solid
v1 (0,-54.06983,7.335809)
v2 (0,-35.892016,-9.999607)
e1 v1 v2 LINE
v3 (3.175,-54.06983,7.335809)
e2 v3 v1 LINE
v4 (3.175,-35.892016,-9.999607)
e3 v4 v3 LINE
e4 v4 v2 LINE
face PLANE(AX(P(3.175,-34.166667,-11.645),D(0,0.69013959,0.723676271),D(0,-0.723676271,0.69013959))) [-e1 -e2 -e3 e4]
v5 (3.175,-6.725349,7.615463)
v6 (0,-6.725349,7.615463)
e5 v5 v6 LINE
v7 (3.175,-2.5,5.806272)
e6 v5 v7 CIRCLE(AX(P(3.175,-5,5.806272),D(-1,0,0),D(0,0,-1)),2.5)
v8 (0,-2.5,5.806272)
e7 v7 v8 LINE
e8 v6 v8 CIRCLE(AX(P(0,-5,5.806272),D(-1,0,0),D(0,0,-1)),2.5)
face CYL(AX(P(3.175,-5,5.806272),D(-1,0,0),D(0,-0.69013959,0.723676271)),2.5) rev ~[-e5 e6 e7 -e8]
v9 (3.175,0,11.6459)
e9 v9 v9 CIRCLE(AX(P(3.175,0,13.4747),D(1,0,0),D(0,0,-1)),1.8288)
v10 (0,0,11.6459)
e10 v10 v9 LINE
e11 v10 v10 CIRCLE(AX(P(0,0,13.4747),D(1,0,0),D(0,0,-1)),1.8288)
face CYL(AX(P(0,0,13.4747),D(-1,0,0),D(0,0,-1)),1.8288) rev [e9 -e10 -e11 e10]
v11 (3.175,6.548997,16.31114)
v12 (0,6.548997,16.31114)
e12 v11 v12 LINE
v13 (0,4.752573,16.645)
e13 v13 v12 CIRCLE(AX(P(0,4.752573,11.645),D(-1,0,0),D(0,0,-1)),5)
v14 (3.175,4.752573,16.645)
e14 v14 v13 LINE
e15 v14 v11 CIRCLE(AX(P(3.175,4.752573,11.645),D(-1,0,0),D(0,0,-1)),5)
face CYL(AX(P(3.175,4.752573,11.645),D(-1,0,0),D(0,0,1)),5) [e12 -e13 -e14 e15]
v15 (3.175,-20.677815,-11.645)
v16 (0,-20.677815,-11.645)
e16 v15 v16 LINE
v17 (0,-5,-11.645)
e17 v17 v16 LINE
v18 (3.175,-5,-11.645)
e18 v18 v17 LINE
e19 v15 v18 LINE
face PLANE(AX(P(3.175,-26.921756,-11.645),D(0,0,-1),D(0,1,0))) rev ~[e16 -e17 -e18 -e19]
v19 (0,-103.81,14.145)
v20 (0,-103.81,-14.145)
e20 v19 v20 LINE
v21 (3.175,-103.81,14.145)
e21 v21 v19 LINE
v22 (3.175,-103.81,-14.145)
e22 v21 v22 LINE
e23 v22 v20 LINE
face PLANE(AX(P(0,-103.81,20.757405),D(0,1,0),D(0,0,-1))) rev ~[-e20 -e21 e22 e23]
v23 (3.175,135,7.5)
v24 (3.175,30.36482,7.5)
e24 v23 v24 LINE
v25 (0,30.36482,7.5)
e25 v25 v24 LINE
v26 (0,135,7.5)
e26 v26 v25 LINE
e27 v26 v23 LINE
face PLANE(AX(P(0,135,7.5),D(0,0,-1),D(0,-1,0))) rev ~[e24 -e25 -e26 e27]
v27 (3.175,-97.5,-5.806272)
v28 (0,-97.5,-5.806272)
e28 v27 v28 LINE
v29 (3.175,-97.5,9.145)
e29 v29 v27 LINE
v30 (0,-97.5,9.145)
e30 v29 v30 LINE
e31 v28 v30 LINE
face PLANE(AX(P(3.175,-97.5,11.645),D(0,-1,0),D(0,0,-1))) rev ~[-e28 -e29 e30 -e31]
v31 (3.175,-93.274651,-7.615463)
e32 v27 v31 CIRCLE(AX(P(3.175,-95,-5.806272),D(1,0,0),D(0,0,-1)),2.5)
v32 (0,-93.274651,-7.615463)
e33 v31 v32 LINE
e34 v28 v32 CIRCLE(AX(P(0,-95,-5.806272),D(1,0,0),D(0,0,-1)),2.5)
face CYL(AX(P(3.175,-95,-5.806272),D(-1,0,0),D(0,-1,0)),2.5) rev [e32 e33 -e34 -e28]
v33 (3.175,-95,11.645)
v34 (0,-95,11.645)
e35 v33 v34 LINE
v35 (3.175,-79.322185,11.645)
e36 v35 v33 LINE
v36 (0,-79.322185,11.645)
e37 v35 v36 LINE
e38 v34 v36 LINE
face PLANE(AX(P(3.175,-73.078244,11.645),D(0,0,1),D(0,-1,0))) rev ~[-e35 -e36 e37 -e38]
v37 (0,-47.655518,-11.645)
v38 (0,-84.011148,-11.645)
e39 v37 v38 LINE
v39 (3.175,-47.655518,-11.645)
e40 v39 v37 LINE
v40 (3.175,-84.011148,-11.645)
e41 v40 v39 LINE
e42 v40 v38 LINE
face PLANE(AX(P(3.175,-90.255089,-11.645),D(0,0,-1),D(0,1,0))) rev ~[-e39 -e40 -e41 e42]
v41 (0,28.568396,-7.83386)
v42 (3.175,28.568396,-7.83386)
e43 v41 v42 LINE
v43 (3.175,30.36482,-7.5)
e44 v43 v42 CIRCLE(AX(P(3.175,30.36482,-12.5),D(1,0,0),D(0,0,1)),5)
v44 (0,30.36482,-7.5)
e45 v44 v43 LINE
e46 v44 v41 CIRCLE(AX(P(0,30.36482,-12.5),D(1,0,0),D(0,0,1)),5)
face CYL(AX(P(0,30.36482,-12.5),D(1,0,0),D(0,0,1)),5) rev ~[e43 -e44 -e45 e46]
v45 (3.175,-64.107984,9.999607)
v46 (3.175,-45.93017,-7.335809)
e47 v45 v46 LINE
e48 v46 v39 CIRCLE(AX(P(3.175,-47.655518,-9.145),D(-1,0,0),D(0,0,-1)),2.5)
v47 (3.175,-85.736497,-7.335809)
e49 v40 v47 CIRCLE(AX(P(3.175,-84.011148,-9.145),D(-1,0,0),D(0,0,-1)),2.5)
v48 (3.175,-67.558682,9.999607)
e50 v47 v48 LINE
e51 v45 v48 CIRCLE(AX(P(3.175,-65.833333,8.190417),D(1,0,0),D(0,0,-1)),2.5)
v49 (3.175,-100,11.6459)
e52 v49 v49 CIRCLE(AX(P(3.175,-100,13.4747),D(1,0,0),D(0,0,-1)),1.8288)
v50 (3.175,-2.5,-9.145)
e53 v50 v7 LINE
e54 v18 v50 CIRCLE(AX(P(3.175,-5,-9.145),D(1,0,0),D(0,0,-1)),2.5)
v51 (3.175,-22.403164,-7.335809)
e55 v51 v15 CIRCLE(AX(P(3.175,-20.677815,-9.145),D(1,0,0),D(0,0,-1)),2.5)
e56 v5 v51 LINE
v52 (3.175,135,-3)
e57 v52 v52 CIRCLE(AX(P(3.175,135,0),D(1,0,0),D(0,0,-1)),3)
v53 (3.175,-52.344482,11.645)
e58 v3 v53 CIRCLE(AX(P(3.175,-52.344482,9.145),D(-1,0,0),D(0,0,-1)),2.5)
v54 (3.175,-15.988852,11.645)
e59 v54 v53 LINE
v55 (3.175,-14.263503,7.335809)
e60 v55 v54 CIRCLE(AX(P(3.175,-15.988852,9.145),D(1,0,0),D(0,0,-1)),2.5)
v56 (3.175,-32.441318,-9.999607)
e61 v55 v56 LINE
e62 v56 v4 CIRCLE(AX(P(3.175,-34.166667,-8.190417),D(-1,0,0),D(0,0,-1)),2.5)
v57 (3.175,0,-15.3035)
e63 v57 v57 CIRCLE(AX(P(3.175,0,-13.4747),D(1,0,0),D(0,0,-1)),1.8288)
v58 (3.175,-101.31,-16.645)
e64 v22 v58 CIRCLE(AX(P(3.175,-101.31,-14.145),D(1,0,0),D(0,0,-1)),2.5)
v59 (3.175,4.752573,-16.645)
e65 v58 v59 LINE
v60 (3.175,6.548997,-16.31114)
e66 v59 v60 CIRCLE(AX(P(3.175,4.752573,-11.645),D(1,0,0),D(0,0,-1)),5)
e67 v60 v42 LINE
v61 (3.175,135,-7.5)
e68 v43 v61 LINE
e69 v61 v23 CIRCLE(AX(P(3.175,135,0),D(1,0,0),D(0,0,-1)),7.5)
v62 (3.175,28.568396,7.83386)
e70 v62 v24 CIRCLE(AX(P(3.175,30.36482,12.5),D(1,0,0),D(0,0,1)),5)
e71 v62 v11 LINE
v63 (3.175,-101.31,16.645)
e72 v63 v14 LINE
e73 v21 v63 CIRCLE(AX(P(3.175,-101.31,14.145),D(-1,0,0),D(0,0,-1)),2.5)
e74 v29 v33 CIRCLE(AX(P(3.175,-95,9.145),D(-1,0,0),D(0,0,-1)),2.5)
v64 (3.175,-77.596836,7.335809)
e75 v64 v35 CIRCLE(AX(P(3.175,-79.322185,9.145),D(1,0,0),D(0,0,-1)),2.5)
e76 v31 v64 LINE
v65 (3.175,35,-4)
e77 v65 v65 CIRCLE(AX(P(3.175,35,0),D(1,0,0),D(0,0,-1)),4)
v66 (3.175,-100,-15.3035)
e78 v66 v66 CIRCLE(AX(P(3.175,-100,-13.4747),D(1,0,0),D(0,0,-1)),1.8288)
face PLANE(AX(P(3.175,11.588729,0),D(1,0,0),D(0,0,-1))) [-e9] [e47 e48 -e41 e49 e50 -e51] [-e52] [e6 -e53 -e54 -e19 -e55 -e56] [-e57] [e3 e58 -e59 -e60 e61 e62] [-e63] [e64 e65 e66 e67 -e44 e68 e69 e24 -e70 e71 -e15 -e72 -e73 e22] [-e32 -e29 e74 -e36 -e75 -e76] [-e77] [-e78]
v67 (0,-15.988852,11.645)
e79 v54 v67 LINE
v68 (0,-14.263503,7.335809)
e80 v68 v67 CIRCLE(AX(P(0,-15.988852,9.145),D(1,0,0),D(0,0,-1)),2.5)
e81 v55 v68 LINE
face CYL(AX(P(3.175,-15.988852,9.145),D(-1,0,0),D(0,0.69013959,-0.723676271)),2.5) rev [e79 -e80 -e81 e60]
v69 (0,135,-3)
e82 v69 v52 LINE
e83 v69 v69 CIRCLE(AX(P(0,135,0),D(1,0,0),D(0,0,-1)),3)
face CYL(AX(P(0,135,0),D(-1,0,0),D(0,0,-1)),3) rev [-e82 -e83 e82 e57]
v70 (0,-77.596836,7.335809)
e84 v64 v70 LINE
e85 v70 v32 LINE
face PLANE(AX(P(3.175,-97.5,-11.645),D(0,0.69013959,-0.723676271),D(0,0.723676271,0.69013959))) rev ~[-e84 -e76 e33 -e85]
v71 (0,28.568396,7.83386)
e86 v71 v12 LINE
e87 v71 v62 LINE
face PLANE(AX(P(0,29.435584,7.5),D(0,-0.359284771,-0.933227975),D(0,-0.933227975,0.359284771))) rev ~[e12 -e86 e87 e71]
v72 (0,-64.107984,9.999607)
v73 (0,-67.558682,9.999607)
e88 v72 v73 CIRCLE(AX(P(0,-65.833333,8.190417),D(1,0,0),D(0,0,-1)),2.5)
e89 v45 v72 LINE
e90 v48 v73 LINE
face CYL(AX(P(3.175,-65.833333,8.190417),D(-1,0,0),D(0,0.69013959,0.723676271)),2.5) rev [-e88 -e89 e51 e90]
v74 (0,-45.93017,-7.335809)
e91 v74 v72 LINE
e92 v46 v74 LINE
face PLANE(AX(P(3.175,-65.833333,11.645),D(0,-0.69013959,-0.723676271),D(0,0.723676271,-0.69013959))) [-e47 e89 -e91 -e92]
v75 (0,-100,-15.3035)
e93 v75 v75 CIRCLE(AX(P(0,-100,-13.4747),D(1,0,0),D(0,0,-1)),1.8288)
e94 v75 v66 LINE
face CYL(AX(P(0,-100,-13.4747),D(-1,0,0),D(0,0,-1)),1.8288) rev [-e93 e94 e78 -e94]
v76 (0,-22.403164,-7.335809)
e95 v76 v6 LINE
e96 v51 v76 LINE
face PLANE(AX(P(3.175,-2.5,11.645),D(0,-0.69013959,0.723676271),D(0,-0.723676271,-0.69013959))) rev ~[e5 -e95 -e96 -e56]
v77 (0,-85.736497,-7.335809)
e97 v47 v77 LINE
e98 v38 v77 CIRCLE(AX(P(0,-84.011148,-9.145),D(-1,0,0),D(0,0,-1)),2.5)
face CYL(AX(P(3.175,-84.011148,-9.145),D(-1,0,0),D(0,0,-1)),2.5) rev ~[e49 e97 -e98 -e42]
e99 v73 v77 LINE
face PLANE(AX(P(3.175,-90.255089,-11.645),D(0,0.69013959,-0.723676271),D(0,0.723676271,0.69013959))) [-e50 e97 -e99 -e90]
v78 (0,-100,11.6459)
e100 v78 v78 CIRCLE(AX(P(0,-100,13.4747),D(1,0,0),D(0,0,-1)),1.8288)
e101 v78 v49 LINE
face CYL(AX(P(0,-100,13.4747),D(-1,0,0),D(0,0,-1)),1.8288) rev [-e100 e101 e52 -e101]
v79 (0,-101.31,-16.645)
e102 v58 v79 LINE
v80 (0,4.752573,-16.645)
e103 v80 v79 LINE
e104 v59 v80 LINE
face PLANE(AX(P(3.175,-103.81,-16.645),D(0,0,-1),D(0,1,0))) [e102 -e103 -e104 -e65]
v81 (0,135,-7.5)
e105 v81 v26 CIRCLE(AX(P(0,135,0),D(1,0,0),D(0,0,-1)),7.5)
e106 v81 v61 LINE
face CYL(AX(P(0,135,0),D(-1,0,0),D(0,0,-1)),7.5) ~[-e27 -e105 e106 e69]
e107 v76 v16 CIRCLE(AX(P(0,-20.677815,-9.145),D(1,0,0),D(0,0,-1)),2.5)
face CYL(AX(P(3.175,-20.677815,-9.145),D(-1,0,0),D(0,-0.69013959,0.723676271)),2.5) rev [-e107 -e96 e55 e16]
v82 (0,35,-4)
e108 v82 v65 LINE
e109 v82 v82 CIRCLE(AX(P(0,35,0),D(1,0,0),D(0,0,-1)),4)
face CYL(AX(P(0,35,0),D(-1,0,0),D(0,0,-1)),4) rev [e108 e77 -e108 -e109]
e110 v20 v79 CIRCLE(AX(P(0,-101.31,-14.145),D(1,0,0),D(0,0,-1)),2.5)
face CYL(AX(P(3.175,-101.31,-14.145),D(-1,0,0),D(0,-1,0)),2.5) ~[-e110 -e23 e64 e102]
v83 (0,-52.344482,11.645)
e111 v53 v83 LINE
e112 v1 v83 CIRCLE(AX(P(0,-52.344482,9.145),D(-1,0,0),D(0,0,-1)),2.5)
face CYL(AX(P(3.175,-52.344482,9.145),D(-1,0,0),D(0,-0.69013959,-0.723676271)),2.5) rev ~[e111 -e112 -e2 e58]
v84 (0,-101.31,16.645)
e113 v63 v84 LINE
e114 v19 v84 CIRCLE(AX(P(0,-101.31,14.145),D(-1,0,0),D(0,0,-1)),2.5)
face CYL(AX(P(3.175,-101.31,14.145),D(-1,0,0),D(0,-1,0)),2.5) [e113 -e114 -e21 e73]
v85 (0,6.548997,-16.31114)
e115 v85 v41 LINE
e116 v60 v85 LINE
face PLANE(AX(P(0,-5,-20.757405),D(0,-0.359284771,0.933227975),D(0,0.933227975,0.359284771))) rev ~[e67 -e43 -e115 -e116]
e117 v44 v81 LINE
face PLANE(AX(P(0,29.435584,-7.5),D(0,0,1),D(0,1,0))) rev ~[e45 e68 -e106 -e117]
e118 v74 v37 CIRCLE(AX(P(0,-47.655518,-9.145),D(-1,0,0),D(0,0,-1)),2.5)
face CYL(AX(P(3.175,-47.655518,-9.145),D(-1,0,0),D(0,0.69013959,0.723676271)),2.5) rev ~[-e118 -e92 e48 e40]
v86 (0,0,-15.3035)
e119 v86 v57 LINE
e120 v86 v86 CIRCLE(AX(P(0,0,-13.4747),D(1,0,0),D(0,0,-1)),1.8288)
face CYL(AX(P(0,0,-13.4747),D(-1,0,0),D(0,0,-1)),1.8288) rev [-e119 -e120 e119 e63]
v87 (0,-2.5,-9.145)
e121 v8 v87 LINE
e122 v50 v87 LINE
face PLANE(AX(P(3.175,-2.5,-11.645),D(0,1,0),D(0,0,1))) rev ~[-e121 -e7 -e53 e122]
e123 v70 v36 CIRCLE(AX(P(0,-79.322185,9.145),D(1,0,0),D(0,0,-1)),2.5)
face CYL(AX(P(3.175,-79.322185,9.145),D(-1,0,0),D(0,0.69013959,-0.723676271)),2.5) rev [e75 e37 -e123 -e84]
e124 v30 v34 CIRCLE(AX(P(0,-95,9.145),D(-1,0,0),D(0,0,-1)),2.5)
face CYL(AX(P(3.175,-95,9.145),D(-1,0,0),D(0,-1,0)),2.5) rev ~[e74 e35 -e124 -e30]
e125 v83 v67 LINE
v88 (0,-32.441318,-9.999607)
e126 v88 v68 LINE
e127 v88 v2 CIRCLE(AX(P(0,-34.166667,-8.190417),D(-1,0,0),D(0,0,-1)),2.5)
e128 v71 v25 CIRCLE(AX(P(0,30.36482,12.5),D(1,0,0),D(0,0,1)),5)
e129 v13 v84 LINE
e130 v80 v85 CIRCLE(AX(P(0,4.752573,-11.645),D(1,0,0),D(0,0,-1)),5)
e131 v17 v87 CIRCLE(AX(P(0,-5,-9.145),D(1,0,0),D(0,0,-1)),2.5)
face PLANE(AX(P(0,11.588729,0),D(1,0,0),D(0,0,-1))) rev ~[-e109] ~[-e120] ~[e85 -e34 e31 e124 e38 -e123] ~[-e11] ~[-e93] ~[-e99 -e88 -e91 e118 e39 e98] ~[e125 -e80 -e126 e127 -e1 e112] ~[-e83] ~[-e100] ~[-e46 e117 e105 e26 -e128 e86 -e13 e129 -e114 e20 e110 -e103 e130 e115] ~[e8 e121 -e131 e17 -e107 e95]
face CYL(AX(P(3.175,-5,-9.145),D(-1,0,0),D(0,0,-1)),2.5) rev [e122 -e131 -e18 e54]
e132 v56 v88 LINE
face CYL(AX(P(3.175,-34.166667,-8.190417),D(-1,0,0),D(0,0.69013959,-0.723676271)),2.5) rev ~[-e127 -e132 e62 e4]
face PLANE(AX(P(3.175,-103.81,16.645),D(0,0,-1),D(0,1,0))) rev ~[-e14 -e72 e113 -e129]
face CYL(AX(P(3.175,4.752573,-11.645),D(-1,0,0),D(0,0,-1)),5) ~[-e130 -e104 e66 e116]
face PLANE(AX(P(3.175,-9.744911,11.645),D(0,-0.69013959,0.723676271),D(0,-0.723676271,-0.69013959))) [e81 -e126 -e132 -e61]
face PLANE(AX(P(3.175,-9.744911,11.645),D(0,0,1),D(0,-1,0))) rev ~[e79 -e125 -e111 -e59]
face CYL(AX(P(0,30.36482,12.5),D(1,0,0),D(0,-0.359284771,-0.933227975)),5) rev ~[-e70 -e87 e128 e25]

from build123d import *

# Parameters (mm, degrees)
SKETCH1_R           = 1.8288
SKETCH1_R_2         = 4
SKETCH1_R_3         = 3
BOSS_EXTRUDE1_DEPTH = 3.175
CUT_EXTRUDE1_REACH  = 146.039
SKETCH2_W           = 4.112404804
SKETCH2_H           = 133.245584328
FILLET3_R           = 2.5
FILLET4_R           = 5


with BuildPart() as part:
    # Sketch1 → Boss-Extrude1 (new body)
    with BuildSketch(Plane(origin=(0, 0, 0), x_dir=(0, 0, -1), z_dir=(1, 0, 0))):
        with BuildLine():
            Line((20.757404804, -103.81), (20.757404804, -5))
            Line((20.757404804, -5), (7.5, 29.435584328))
            Line((7.5, 29.435584328), (7.5, 135))
            ThreePointArc((7.5, 135), (0, 142.5), (-7.5, 135))
            Line((-7.5, 135), (-7.5, 29.435584328))
            Line((-7.5, 29.435584328), (-20.757404804, -5))
            Line((-20.757404804, -5), (-20.757404804, -103.81))
            Line((-20.757404804, -103.81), (20.757404804, -103.81))
        make_face()
        with Locations((-13.4747, -100)):
            Circle(SKETCH1_R, mode=Mode.SUBTRACT)
        with Locations((13.4747, -100)):
            Circle(SKETCH1_R, mode=Mode.SUBTRACT)
        with Locations((13.4747, 0)):
            Circle(SKETCH1_R, mode=Mode.SUBTRACT)
        with Locations((-13.4747, 0)):
            Circle(SKETCH1_R, mode=Mode.SUBTRACT)
        with Locations((0, 35)):
            Circle(SKETCH1_R_2, mode=Mode.SUBTRACT)
        with Locations((0, 135)):
            Circle(SKETCH1_R_3, mode=Mode.SUBTRACT)
    extrude(amount=BOSS_EXTRUDE1_DEPTH)

    # Sketch2 → Cut-Extrude1 (cut, up to next)
    with BuildSketch(Plane(origin=(3.175, 0, 0), x_dir=(0, 0, -1), z_dir=(1, 0, 0)), mode=Mode.PRIVATE) as cut_extrude1_sk1:
        Polygon((11.645, -2.5), (-11.645, -2.5), (11.645, -26.921755536), align=None)
    cut_extrude1_tool1 = extrude(cut_extrude1_sk1.sketch, amount=-CUT_EXTRUDE1_REACH, mode=Mode.PRIVATE) & part.part
    # Sketch2 → Cut-Extrude1 (cut, up to next)
    with BuildSketch(Plane(origin=(3.175, 0, 0), x_dir=(0, 0, -1), z_dir=(1, 0, 0)), mode=Mode.PRIVATE) as cut_extrude1_sk2:
        Polygon((-11.645, -9.744911131), (11.645, -34.166666667), (-11.645, -58.588422203), (-11.645, -34.166666667), align=None)
    cut_extrude1_tool2 = extrude(cut_extrude1_sk2.sketch, amount=-CUT_EXTRUDE1_REACH, mode=Mode.PRIVATE) & part.part
    # Sketch2 → Cut-Extrude1 (cut, up to next)
    with BuildSketch(Plane(origin=(3.175, 0, 0), x_dir=(0, 0, -1), z_dir=(1, 0, 0)), mode=Mode.PRIVATE) as cut_extrude1_sk3:
        Polygon((-11.645, -73.078244464), (-11.645, -97.5), (11.645, -97.5), align=None)
    cut_extrude1_tool3 = extrude(cut_extrude1_sk3.sketch, amount=-CUT_EXTRUDE1_REACH, mode=Mode.PRIVATE) & part.part
    # Sketch2 → Cut-Extrude1 (cut, up to next)
    with BuildSketch(Plane(origin=(3.175, 0, 0), x_dir=(0, 0, -1), z_dir=(1, 0, 0)), mode=Mode.PRIVATE) as cut_extrude1_sk4:
        Polygon((11.645, -41.411577797), (11.645, -65.833333333), (11.645, -90.255088869), (-11.645, -65.833333333), align=None)
    cut_extrude1_tool4 = extrude(cut_extrude1_sk4.sketch, amount=-CUT_EXTRUDE1_REACH, mode=Mode.PRIVATE) & part.part
    # Sketch2 → Cut-Extrude1 (cut, up to next)
    with BuildSketch(Plane(origin=(3.175, 0, 0), x_dir=(0, 0, -1), z_dir=(1, 0, 0)), mode=Mode.PRIVATE) as cut_extrude1_sk5:
        with Locations((-18.701202402, -37.187207836)):
            Rectangle(SKETCH2_W, SKETCH2_H)
    cut_extrude1_tool5 = extrude(cut_extrude1_sk5.sketch, amount=-CUT_EXTRUDE1_REACH, mode=Mode.PRIVATE) & part.part
    # Sketch2 → Cut-Extrude1 (cut, up to next)
    with BuildSketch(Plane(origin=(3.175, 0, 0), x_dir=(0, 0, -1), z_dir=(1, 0, 0)), mode=Mode.PRIVATE) as cut_extrude1_sk6:
        with Locations((18.701202402, -37.187207836)):
            Rectangle(SKETCH2_W, SKETCH2_H)
    cut_extrude1_tool6 = extrude(cut_extrude1_sk6.sketch, amount=-CUT_EXTRUDE1_REACH, mode=Mode.PRIVATE) & part.part
    add(cut_extrude1_tool1.solids().sort_by_distance((3.175, -10.640585, -3.881667))[0], mode=Mode.SUBTRACT)
    add(cut_extrude1_tool2.solids().sort_by_distance((3.175, -34.166667, 3.881667))[0], mode=Mode.SUBTRACT)
    add(cut_extrude1_tool3.solids().sort_by_distance((3.175, -89.359415, 3.881667))[0], mode=Mode.SUBTRACT)
    add(cut_extrude1_tool4.solids().sort_by_distance((3.175, -65.833333, -3.881667))[0], mode=Mode.SUBTRACT)
    add(cut_extrude1_tool5.solids().sort_by_distance((3.175, -37.187208, 18.701202))[0], mode=Mode.SUBTRACT)
    add(cut_extrude1_tool6.solids().sort_by_distance((3.175, -37.187208, -18.701202))[0], mode=Mode.SUBTRACT)

    # Fillet3
    fillet3_edges = [part.edges().sort_by_distance(p)[0] for p in [
        (1.5875, -26.921755536, -11.645),
        (1.5875, -2.5, 11.645),
        (1.5875, -2.5, -11.645),
        (1.5875, -103.81, 16.645),
        (1.5875, -9.744911131, 11.645),
        (1.5875, -34.166666667, -11.645),
        (1.5875, -58.588422203, 11.645),
        (1.5875, -103.81, -16.645),
        (1.5875, -73.078244464, 11.645),
        (1.5875, -97.5, -11.645),
        (1.5875, -97.5, 11.645),
        (1.5875, -90.255088869, -11.645),
        (1.5875, -65.833333333, 11.645),
        (1.5875, -41.411577797, -11.645),
    ]]
    fillet(fillet3_edges, radius=FILLET3_R)

    # Fillet4
    fillet4_edges = [part.edges().sort_by_distance(p)[0] for p in [
        (1.5875, 29.435584328, -7.5),
        (1.5875, 29.435584328, 7.5),
        (1.5875, 5.681808734, 16.645),
        (1.5875, 5.681808734, -16.645),
    ]]
    fillet(fillet4_edges, radius=FILLET4_R)


solid = part.part
